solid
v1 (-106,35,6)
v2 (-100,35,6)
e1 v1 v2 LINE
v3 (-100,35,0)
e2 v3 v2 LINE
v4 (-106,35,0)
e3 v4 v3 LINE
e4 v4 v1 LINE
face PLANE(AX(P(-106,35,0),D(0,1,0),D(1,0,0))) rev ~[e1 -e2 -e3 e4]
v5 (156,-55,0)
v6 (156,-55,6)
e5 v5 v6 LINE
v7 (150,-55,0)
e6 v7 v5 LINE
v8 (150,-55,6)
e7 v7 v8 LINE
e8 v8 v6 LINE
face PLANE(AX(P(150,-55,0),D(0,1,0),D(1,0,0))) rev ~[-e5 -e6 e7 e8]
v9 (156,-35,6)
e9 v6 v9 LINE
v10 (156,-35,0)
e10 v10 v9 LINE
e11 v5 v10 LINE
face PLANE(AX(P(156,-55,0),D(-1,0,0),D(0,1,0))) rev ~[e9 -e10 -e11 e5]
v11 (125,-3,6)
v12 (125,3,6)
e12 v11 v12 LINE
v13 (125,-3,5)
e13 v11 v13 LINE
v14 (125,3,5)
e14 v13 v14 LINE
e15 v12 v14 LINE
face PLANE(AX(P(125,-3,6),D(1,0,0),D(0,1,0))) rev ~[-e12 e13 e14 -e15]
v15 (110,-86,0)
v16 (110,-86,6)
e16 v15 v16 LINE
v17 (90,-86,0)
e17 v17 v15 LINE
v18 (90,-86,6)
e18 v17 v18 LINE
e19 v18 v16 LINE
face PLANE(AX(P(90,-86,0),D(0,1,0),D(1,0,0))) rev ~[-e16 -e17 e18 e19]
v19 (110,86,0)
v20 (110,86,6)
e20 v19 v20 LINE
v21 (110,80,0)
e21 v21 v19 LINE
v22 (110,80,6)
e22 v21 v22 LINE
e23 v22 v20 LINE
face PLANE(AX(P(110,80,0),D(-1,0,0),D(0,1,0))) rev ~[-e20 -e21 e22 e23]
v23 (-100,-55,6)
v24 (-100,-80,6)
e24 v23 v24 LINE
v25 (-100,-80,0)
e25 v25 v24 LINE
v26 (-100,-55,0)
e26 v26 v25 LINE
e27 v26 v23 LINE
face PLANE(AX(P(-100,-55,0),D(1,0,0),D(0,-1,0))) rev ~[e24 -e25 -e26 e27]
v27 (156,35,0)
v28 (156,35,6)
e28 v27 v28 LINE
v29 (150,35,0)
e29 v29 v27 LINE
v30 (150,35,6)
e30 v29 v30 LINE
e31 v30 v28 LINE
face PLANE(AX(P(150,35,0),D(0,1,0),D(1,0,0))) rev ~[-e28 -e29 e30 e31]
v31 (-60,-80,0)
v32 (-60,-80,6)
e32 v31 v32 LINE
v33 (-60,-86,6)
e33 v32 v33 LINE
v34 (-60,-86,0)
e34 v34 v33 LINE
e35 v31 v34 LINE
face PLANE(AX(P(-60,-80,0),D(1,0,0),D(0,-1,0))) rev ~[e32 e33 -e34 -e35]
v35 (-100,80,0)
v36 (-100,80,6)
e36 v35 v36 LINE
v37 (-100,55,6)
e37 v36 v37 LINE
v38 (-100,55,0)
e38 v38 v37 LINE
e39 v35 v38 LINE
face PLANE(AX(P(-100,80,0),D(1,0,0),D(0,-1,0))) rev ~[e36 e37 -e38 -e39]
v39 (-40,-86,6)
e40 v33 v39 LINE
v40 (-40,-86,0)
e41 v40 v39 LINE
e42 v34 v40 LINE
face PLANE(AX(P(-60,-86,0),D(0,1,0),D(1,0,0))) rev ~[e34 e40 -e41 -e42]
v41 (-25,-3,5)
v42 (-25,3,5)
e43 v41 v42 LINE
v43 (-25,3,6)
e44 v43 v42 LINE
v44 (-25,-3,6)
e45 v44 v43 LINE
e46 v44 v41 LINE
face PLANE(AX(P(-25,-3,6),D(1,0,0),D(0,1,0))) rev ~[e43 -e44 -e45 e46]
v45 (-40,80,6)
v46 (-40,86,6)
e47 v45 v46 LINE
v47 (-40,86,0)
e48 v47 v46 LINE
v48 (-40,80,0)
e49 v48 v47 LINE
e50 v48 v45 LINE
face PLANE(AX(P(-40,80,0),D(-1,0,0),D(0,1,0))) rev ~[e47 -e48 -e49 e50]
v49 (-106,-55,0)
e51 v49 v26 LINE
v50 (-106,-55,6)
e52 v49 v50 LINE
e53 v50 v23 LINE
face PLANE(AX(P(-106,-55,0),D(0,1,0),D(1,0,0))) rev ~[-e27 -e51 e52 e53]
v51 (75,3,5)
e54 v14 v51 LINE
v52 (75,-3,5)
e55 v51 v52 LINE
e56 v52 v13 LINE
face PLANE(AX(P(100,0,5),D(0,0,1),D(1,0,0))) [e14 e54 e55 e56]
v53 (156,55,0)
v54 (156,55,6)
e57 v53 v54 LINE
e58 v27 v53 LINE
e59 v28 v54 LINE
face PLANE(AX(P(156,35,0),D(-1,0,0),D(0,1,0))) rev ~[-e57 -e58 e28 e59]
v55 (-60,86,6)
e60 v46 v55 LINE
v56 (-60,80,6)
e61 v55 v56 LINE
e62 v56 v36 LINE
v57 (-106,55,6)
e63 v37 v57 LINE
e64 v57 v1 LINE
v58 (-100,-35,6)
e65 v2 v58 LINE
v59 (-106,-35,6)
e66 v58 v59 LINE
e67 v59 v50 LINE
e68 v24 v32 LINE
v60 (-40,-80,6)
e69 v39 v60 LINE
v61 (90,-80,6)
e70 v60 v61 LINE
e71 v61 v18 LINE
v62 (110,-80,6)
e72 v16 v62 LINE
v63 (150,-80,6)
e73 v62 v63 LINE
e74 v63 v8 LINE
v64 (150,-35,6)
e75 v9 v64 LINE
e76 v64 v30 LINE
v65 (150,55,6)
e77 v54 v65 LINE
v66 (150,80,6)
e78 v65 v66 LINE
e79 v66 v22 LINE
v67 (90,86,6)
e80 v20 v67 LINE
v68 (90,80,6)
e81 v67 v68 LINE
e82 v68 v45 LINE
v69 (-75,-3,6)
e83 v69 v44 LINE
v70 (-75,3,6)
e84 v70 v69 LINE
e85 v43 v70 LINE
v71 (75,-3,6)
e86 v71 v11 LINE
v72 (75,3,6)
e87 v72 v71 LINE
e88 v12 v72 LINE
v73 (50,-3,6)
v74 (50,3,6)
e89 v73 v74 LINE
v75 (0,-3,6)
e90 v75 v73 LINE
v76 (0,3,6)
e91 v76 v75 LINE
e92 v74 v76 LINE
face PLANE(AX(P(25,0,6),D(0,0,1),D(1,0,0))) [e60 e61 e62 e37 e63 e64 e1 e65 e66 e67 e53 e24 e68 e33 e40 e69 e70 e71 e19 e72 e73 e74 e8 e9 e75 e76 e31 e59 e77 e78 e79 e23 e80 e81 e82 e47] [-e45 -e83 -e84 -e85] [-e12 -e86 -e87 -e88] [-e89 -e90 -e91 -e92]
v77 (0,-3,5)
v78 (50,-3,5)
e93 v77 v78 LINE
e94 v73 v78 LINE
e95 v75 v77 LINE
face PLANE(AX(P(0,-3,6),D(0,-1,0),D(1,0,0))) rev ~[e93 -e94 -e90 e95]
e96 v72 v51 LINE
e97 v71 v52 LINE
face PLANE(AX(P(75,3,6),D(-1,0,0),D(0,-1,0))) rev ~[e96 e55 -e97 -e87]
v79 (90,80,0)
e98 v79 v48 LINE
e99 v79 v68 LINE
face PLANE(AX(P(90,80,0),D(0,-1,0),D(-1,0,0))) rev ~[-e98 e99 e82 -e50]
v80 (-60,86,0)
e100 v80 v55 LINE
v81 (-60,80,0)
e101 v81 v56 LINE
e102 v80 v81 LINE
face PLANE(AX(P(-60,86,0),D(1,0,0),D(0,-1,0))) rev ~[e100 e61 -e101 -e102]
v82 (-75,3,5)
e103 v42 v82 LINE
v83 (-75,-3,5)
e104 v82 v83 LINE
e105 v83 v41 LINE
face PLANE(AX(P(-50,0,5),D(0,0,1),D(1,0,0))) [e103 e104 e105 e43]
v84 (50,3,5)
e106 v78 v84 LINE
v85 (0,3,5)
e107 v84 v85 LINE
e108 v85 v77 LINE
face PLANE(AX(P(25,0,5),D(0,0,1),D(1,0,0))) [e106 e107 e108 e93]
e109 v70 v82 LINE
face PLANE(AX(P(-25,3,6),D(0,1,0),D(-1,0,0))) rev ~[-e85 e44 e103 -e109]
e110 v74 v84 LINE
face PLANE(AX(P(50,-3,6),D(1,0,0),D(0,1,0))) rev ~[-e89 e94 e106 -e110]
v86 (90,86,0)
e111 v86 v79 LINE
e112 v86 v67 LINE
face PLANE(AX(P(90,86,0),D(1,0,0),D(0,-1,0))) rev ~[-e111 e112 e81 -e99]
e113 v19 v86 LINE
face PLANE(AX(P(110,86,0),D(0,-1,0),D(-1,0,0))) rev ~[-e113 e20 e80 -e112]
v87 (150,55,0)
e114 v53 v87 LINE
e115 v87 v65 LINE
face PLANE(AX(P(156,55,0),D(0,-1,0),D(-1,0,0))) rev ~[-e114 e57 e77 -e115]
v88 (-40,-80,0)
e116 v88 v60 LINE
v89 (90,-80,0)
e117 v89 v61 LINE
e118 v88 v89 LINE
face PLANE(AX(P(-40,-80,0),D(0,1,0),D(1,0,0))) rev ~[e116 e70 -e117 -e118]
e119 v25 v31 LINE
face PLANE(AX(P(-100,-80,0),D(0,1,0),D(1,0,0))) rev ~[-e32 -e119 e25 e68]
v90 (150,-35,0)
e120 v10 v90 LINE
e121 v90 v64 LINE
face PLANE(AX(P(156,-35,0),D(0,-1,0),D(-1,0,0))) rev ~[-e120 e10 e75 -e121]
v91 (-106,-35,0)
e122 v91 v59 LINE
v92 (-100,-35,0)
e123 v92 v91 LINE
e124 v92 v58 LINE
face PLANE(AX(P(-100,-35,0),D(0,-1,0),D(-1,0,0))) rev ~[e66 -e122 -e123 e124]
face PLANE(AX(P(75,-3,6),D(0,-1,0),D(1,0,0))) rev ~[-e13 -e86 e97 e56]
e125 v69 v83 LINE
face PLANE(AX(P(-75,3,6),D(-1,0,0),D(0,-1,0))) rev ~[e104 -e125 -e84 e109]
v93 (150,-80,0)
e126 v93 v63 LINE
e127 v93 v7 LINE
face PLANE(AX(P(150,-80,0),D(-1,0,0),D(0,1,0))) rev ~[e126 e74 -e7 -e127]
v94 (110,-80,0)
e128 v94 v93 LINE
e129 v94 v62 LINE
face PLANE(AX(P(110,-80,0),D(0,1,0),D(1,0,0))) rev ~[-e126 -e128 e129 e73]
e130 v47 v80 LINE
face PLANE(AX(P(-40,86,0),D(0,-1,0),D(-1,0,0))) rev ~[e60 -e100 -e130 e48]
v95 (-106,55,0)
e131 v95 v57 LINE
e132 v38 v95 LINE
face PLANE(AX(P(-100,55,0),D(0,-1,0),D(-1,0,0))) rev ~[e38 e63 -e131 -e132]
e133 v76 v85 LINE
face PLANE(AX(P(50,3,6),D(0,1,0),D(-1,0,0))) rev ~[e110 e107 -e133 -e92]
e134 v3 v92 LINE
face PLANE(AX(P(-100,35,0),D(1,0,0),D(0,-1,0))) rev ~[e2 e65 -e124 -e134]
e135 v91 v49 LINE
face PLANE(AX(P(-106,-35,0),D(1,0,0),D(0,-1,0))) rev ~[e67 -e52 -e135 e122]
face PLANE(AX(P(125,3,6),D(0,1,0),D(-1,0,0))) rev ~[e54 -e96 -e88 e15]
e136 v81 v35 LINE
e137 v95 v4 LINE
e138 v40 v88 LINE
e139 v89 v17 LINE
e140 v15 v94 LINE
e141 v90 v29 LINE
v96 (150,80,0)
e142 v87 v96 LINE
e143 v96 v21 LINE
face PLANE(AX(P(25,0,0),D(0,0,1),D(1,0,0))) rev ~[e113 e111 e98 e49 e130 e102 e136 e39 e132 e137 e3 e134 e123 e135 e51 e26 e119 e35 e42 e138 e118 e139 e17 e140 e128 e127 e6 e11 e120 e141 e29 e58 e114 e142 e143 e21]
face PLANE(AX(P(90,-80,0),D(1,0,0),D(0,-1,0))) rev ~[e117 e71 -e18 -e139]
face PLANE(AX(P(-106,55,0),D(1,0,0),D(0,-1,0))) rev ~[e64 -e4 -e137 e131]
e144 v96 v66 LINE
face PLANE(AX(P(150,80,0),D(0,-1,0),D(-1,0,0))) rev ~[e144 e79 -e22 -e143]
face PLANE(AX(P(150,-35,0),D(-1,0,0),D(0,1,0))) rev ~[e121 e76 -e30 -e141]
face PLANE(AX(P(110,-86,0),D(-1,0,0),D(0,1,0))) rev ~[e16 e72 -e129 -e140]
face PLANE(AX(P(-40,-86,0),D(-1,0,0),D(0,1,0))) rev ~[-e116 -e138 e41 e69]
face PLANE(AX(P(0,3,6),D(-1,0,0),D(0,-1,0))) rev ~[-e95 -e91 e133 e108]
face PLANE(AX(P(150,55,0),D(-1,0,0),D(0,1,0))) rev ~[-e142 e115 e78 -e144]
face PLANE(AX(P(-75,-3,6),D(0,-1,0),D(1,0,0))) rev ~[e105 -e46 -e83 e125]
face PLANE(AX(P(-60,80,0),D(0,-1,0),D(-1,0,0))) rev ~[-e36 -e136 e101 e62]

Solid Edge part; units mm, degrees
sketch "Sketch1" plane through (0, 0, 0) normal (0, 0, 1) x (1, 0, 0)
  line L0 (-40, -80) -> (90, -80)
  line L1 (90, -80) -> (90, -86)
  line L2 (90, -86) -> (110, -86)
  line L3 (110, -86) -> (110, -80)
  line L4 (110, -80) -> (150, -80)
  line L5 (150, -80) -> (150, -55)
  line L6 (150, -55) -> (156, -55)
  line L7 (156, -55) -> (156, -35)
  line L8 (156, -35) -> (150, -35)
  line L9 (150, -35) -> (150, 35)
  line L10 (150, 35) -> (156, 35)
  line L11 (156, 35) -> (156, 55)
  line L12 (156, 55) -> (150, 55)
  line L13 (150, 55) -> (150, 80)
  line L14 (150, 80) -> (110, 80)
  line L15 (110, 80) -> (110, 86)
  line L16 (110, 86) -> (90, 86)
  line L17 (90, 86) -> (90, 80)
  line L18 (90, 80) -> (-40, 80)
  line L19 (-40, 80) -> (-40, 86)
  line L20 (-40, 86) -> (-60, 86)
  line L21 (-60, 86) -> (-60, 80)
  line L22 (-60, 80) -> (-100, 80)
  line L23 (-100, 80) -> (-100, 55)
  line L24 (-100, 55) -> (-106, 55)
  line L25 (-106, 55) -> (-106, 35)
  line L26 (-106, 35) -> (-100, 35)
  line L27 (-100, 35) -> (-100, -35)
  line L28 (-100, -35) -> (-106, -35)
  line L29 (-106, -35) -> (-106, -55)
  line L30 (-106, -55) -> (-100, -55)
  line L31 (-100, -55) -> (-100, -80)
  line L32 (-100, -80) -> (-60, -80)
  line L33 (-60, -80) -> (-60, -86)
  line L34 (-60, -86) -> (-40, -86)
  line L35 (-40, -86) -> (-40, -80)
  dimension "D1" = 40
  dimension "D2" = 20
  dimension "D3" = 20
  dimension "D4" = 20
  dimension "D5" = 20
  dimension "D6" = 20
  dimension "D7" = 20
  dimension "D8" = 20
  dimension "D9" = 20
  dimension "D10" = 40
  dimension "D11" = 40
  dimension "D12" = 40
  dimension "D13" = 25
  dimension "D14" = 25
  dimension "D15" = 25
  dimension "D16" = 25
  dimension "D17" = 6
  dimension "D18" = 6
  dimension "D19" = 6
  dimension "D20" = 6
  dimension "D21" = 250
extrude "Protrusion1" add sketch "Sketch1" along normal blind 6
sketch "Sketch2" plane through (25, 0, 6) normal (0, 0, 1) x (1, 0, 0)
  line L0 (-100, -3) -> (-50, -3)
  line L1 (-50, -3) -> (-50, 3)
  line L2 (-50, 3) -> (-100, 3)
  line L3 (-100, 3) -> (-100, -3)
  line L4 (50, -3) -> (100, -3)
  line L5 (100, -3) -> (100, 3)
  line L6 (100, 3) -> (50, 3)
  line L7 (50, 3) -> (50, -3)
  line L8 (-25, -3) -> (25, -3)
  line L9 (25, -3) -> (25, 3)
  line L10 (25, 3) -> (-25, 3)
  line L11 (-25, 3) -> (-25, -3)
  dimension "D1" = 50
  dimension "D2" = 6
  dimension "D3" = 50
  dimension "D4" = 6
  dimension "D5" = 50
  dimension "D6" = 6
  dimension "D7" = 25
  dimension "D8" = 25
  dimension "D9" = 25
  dimension "D10" = 25
extrude "ExtrudedCutout_1" cut sketch "Sketch2" against normal blind 1
